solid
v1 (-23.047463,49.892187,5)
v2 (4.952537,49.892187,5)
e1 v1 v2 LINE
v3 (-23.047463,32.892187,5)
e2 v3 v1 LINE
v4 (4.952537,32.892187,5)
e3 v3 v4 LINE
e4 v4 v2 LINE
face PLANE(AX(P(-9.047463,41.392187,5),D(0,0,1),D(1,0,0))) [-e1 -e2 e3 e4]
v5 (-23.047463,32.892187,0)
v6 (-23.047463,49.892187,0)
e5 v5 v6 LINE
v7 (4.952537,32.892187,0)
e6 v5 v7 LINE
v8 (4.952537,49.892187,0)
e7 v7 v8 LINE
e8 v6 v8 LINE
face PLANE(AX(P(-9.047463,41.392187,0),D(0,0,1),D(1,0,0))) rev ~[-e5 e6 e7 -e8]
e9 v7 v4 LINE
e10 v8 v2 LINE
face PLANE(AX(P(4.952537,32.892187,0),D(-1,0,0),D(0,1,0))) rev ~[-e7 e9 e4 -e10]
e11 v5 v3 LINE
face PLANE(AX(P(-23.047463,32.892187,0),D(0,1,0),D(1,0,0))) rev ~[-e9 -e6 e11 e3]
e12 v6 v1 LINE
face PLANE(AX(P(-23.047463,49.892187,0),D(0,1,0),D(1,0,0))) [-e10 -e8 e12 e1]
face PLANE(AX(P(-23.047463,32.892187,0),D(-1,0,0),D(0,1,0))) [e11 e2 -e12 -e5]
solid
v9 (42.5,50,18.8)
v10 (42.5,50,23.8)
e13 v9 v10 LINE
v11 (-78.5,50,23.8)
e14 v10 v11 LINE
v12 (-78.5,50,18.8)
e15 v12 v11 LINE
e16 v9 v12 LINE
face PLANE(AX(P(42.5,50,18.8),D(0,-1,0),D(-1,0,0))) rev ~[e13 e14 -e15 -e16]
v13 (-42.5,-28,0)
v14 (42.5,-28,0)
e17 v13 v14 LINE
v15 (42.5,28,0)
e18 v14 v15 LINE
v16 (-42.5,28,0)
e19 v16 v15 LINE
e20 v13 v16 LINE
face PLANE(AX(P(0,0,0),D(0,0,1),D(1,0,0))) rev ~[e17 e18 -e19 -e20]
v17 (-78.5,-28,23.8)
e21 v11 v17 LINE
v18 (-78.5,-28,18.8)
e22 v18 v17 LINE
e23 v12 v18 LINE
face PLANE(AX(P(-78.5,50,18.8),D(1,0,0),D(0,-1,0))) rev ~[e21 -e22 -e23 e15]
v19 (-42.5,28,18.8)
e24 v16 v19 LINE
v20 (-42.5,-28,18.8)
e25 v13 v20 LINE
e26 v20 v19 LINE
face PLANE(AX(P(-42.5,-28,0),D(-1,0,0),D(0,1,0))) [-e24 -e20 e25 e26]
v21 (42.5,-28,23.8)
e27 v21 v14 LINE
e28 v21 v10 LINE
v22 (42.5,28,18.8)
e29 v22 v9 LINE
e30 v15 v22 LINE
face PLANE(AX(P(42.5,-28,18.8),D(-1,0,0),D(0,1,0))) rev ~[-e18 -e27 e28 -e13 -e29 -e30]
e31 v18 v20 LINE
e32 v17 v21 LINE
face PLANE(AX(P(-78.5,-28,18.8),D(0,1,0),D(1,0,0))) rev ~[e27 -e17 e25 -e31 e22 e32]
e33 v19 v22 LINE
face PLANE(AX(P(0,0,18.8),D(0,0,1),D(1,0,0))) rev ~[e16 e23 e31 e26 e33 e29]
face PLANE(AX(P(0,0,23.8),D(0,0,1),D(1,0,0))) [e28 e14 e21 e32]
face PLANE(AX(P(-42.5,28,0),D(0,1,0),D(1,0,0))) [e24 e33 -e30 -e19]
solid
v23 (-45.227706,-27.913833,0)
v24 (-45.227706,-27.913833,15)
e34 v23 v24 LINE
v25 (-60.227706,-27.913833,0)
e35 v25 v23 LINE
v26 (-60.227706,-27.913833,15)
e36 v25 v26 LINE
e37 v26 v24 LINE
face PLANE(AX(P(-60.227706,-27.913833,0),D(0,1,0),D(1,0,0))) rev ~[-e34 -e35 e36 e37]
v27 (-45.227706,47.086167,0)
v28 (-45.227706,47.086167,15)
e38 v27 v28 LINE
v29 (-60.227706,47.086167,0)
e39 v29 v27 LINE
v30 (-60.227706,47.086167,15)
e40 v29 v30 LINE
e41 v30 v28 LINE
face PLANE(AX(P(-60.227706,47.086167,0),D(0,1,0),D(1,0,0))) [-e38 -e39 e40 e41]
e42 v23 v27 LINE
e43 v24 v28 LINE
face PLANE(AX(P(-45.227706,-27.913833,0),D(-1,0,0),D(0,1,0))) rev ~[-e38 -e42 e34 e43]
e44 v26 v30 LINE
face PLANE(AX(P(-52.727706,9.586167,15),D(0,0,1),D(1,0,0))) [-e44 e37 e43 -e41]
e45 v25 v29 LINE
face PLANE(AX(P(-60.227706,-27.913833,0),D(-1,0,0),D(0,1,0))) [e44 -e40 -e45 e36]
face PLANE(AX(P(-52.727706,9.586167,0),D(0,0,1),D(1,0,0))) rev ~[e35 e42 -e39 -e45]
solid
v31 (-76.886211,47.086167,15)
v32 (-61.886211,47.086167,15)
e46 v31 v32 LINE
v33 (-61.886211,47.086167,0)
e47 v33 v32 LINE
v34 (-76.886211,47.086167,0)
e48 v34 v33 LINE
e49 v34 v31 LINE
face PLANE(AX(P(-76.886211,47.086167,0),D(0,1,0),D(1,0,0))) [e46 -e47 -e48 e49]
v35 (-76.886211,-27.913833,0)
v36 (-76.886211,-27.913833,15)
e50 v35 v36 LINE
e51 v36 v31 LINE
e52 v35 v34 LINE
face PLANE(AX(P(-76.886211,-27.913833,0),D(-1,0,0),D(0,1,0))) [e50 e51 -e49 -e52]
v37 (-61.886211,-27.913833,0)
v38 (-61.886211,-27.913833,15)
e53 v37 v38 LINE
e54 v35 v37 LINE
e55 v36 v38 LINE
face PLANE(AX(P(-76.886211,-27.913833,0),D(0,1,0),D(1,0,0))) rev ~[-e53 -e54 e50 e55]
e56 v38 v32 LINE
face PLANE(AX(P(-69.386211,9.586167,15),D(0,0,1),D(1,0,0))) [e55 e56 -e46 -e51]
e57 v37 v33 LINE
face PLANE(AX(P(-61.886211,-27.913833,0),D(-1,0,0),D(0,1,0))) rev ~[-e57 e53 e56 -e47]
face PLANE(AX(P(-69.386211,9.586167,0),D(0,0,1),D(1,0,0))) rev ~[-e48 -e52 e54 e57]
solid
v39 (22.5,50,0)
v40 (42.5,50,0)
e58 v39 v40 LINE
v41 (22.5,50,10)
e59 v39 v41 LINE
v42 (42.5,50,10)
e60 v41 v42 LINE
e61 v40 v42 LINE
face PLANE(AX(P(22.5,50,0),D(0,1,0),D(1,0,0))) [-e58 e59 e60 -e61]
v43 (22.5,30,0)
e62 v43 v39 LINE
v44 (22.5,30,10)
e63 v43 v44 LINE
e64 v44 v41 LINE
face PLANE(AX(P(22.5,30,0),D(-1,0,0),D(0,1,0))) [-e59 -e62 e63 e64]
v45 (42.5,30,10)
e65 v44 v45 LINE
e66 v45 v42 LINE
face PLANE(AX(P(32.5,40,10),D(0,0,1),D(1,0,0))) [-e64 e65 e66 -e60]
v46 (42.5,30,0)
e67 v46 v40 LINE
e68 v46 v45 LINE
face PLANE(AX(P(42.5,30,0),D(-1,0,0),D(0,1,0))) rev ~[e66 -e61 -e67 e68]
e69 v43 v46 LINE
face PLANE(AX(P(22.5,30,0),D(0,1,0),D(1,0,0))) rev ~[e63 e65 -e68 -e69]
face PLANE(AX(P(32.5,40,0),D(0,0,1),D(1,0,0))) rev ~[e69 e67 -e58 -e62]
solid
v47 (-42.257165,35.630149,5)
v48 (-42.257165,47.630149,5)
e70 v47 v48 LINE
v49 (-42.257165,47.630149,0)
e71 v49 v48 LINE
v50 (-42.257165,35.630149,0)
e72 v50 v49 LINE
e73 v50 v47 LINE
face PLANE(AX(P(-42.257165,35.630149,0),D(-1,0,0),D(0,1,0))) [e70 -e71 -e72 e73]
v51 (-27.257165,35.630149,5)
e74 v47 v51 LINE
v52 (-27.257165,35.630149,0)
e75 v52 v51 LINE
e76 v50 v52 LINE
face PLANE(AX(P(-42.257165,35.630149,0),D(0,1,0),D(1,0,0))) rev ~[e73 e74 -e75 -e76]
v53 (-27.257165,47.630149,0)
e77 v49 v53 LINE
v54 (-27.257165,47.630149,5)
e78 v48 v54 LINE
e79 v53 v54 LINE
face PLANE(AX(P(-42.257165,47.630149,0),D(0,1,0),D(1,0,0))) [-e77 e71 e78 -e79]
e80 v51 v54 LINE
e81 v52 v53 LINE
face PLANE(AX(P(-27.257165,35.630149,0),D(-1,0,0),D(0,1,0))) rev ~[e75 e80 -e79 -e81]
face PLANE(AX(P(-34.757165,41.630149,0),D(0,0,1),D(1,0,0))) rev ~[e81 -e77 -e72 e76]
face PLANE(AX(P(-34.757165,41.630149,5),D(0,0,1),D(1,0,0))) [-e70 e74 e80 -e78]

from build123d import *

# Parameters (mm, degrees)
F0_W      = 85
F0_H      = 56
F1_DEPTH  = 18.8
F2_W      = 85
F2_H      = 56
F3_DEPTH  = 5
F4_W      = 15
F4_H      = 75
F5_DEPTH  = 15
F7_W      = 28
F7_H      = 17
F8_DEPTH  = 5
F9_W      = 15
F9_H      = 12
F10_DEPTH = 5
F11_W     = 20
F11_H     = 20
F12_DEPTH = 10


with BuildPart() as f1:
    # F0 (on Top) → F1 (new body)
    with BuildSketch(Plane.XY):
        Rectangle(F0_W, F0_H)
    extrude(amount=F1_DEPTH)

    # F2 (on face) → F3 (join)
    with BuildSketch(Plane.XY.offset(18.8)):
        Rectangle(F2_W, F2_H)
        Polygon((42.5, 50), (-78.5, 50), (-78.5, -28), (-42.5, -28), (-42.5, 28), (42.5, 28), align=None)
    extrude(amount=F3_DEPTH)


with BuildPart() as f5:
    # F4 (on Top) → F5 (new body)
    with BuildSketch(Plane.XY):
        with Locations((-69.386211, 9.586167)):
            Rectangle(F4_W, F4_H)
        with Locations((-52.727706, 9.586167)):
            Rectangle(F4_W, F4_H)
    extrude(amount=F5_DEPTH)


with BuildPart() as f8:
    # F7 (on Top) → F8 (new body)
    with BuildSketch(Plane.XY):
        with Locations((-9.047463, 41.392187)):
            Rectangle(F7_W, F7_H)
    extrude(amount=F8_DEPTH)


with BuildPart() as f10:
    # F9 (on Top) → F10 (new body)
    with BuildSketch(Plane.XY):
        with Locations((-34.757165, 41.630149)):
            Rectangle(F9_W, F9_H)
    extrude(amount=F10_DEPTH)


with BuildPart() as f12:
    # F11 (on Top) → F12 (new body)
    with BuildSketch(Plane.XY):
        with Locations((32.5, 40)):
            Rectangle(F11_W, F11_H)
    extrude(amount=F12_DEPTH)


solid = Compound([f1.part, f5.part, f8.part, f10.part, f12.part])
